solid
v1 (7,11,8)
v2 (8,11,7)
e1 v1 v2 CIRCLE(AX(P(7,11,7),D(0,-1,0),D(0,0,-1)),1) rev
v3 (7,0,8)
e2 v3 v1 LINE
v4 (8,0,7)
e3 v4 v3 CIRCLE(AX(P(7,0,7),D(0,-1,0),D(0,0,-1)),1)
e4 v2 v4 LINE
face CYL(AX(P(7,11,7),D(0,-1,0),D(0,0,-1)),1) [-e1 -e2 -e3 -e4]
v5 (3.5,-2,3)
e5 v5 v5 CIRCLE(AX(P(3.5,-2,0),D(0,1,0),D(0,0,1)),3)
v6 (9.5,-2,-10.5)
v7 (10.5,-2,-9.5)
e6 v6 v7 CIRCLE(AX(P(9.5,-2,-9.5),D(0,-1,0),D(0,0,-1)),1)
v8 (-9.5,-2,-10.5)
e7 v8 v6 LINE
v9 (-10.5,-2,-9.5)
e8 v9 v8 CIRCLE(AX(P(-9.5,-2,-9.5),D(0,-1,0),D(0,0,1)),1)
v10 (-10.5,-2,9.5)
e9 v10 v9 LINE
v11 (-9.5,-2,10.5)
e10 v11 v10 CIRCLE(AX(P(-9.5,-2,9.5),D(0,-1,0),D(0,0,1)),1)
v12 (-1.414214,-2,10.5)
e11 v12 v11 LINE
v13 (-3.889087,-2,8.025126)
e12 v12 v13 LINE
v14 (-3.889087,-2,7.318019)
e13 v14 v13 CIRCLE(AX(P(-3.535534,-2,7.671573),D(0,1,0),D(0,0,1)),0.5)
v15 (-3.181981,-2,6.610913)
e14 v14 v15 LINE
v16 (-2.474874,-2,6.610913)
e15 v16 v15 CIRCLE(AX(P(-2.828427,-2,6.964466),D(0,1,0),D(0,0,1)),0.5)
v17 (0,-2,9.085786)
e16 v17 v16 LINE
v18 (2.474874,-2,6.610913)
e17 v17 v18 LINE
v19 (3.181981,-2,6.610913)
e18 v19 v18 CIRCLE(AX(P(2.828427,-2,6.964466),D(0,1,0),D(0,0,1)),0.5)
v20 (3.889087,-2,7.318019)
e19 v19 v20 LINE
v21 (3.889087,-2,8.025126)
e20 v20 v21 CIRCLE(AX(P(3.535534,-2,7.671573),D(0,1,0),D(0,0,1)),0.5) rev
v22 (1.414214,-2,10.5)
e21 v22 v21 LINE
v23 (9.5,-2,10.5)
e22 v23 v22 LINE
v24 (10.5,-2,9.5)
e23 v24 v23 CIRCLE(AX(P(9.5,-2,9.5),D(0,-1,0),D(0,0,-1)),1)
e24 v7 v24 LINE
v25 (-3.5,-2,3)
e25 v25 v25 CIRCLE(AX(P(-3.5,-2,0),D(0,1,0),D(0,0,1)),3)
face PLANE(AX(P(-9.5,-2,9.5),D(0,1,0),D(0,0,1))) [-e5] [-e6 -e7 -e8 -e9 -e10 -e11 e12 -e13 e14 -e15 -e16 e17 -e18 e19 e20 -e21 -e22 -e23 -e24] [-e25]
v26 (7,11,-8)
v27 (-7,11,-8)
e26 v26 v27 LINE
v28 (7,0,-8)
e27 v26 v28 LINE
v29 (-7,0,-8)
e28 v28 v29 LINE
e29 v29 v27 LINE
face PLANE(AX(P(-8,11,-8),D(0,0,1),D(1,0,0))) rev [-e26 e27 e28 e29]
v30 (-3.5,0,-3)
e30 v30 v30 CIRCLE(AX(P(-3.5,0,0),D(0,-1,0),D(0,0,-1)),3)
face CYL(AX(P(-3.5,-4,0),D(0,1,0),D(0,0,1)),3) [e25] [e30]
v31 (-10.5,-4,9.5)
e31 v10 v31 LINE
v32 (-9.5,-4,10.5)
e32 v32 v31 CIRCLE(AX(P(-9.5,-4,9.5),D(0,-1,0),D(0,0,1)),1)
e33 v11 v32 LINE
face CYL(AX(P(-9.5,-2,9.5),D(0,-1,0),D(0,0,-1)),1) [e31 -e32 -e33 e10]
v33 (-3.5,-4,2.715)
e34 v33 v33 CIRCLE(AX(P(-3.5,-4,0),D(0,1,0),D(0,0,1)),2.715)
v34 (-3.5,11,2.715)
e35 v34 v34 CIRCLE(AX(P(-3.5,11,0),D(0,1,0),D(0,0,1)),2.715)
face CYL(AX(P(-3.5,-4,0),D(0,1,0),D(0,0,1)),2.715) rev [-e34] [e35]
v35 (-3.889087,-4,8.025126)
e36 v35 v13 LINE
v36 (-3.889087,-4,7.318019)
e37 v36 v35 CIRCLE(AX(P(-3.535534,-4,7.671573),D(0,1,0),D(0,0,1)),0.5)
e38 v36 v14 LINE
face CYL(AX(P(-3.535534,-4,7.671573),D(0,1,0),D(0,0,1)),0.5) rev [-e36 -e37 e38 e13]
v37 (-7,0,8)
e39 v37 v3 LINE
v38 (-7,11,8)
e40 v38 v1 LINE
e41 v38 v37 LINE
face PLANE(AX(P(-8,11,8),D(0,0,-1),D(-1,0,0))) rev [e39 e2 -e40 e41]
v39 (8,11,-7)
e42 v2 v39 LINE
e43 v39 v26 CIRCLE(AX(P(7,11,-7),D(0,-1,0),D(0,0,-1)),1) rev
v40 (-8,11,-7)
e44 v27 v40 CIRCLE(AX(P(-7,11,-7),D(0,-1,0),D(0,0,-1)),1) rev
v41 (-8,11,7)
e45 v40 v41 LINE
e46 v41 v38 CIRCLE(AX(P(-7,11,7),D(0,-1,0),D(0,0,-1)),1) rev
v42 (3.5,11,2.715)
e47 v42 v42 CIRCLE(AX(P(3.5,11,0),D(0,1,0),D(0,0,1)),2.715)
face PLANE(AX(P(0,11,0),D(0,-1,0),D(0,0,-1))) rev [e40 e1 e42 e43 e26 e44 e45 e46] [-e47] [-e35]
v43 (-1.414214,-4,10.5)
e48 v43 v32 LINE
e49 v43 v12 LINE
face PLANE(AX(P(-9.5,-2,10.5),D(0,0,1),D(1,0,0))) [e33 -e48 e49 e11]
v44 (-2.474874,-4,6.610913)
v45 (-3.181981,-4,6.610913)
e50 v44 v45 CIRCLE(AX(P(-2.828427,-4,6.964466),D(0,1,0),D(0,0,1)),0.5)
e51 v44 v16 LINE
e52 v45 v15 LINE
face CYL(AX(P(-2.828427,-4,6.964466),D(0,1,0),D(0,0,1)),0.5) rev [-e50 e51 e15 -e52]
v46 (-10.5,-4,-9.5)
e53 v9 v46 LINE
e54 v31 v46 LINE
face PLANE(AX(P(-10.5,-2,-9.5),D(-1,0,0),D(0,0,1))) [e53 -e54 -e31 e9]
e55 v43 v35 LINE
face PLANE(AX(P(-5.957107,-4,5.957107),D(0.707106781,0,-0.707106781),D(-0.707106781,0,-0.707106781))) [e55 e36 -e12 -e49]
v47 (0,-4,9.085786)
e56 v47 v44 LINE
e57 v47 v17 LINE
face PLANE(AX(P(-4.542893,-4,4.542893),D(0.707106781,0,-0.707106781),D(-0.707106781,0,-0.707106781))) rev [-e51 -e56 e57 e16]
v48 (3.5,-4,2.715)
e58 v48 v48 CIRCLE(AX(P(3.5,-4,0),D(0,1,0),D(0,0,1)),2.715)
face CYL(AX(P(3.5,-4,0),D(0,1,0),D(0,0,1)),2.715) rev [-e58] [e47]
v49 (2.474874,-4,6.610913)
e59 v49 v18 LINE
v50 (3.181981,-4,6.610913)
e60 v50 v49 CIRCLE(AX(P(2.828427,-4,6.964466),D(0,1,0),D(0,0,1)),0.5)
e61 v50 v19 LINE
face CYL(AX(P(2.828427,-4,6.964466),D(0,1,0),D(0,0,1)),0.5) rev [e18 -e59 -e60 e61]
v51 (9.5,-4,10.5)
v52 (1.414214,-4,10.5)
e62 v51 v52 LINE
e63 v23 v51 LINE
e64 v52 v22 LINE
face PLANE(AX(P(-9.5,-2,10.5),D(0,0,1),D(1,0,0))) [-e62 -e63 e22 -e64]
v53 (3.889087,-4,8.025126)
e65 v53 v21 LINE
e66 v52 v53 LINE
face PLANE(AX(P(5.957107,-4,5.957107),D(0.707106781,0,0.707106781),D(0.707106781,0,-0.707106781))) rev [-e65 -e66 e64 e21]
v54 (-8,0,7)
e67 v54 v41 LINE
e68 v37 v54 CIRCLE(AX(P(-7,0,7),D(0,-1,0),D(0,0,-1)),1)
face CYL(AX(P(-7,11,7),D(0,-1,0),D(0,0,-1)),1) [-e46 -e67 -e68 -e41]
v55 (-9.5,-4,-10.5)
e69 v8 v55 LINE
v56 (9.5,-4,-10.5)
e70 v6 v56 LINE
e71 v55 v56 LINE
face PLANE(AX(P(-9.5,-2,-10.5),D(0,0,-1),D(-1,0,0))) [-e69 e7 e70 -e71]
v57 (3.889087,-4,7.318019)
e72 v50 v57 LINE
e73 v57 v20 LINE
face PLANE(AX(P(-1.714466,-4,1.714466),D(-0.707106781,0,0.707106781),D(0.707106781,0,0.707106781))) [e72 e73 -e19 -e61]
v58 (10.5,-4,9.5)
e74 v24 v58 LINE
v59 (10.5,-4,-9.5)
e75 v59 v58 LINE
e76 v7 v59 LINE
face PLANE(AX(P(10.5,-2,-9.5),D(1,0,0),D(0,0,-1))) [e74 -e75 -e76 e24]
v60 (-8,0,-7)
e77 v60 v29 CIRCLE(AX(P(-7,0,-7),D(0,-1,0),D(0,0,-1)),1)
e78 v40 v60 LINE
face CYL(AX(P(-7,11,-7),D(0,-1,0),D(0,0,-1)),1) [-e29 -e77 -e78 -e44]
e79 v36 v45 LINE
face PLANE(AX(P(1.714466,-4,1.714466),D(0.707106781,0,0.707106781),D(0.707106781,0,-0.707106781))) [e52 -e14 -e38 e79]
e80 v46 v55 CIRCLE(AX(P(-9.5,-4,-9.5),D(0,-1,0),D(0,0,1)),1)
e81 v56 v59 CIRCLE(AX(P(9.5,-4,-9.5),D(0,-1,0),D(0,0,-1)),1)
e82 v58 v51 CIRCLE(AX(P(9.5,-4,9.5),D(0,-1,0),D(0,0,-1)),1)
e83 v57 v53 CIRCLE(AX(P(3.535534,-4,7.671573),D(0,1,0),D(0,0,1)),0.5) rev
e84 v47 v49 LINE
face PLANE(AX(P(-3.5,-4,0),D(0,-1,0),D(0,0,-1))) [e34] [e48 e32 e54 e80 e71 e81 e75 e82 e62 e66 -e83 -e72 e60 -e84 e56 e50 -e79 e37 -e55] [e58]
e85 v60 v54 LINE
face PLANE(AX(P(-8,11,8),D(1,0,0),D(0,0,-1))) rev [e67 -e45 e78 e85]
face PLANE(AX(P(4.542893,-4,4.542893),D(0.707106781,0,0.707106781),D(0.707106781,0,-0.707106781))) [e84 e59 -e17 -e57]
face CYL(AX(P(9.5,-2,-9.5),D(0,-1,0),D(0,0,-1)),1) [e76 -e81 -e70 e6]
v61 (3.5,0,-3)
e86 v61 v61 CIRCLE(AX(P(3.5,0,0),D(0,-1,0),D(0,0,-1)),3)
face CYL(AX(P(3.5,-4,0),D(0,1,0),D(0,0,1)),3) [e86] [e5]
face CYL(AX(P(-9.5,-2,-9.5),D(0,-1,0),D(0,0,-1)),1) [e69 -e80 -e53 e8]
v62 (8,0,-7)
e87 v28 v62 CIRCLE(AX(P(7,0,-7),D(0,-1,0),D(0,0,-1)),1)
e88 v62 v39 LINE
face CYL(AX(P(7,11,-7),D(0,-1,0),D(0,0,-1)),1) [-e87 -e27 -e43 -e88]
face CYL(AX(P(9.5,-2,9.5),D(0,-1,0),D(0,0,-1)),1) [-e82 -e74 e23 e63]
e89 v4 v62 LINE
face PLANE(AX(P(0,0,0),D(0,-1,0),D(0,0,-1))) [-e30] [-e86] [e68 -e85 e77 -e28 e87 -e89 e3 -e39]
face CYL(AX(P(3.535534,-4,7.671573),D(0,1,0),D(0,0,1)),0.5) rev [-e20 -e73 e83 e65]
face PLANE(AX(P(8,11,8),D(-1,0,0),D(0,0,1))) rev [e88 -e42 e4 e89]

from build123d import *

# Parameters (mm, degrees)
SKETCH1_W           = 16
SKETCH1_H           = 16
BOSS_EXTRUDE1_DEPTH = 11
FILLET1_R           = 1
SKETCH4_R           = 3
BOSS_EXTRUDE2_DEPTH = 4
BOSS_EXTRUDE3_DEPTH = 2
SKETCH3_R           = 2.715
CUT_EXTRUDE2_DEPTH  = 22.106870919
CUT_EXTRUDE3_DEPTH  = 20.735754356


with BuildPart() as part:
    # Sketch1 → Boss-Extrude1 (new body)
    with BuildSketch(Plane(origin=(0, 0, 0), x_dir=(1, 0, 0), z_dir=(0, 1, 0))):
        Rectangle(SKETCH1_W, SKETCH1_H)
    extrude(amount=BOSS_EXTRUDE1_DEPTH)

    # Fillet1
    fillet1_edges = [part.edges().sort_by_distance(p)[0] for p in [
        (8, 5.5, 8),
        (-8, 5.5, 8),
        (-8, 5.5, -8),
        (8, 5.5, -8),
    ]]
    fillet(fillet1_edges, radius=FILLET1_R)

    # Sketch4 → Boss-Extrude2 (add)
    with BuildSketch(Plane(origin=(0, 0, 0), x_dir=(-1, 0, 0), z_dir=(0, -1, 0))):
        with Locations(Location((3.5, 0, 0), (0, 0, 90))):
            Circle(SKETCH4_R)
        with Locations(Location((-3.5, 0, 0), (0, 0, 90))):
            Circle(SKETCH4_R)
    extrude(amount=BOSS_EXTRUDE2_DEPTH)

    # Sketch5 → Boss-Extrude3 (add)
    with BuildSketch(Plane(origin=(0, -4, 0), x_dir=(-1, 0, 0), z_dir=(0, -1, 0))):
        with BuildLine():
            Line((9.5, 10.5), (-9.5, 10.5))
            ThreePointArc((-9.5, 10.5), (-10.207106781, 10.207106781), (-10.5, 9.5))
            Line((-10.5, 9.5), (-10.5, -9.5))
            ThreePointArc((-10.5, -9.5), (-10.207106781, -10.207106781), (-9.5, -10.5))
            Line((-9.5, -10.5), (9.5, -10.5))
            ThreePointArc((9.5, -10.5), (10.207106781, -10.207106781), (10.5, -9.5))
            Line((10.5, -9.5), (10.5, 9.5))
            ThreePointArc((10.5, 9.5), (10.207106781, 10.207106781), (9.5, 10.5))
        make_face()
    extrude(amount=-BOSS_EXTRUDE3_DEPTH)

    # Sketch3 → Cut-Extrude2 (cut, through all)
    with BuildSketch(Plane(origin=(0, 11, 0), x_dir=(1, 0, 0), z_dir=(0, 1, 0))):
        with Locations(Location((-3.5, 0, 0), (0, 0, 270))):
            Circle(SKETCH3_R)
        with Locations(Location((3.5, 0, 0), (0, 0, 270))):
            Circle(SKETCH3_R)
    extrude(amount=-CUT_EXTRUDE2_DEPTH, mode=Mode.SUBTRACT)

    # Sketch7 → Cut-Extrude3 (cut, through all)
    with BuildSketch(Plane(origin=(0, -2, 0), x_dir=(1, 0, 0), z_dir=(0, 1, 0))):
        with BuildLine():
            Line((0, -9.085786438), (1.414213562, -10.5))
            Line((1.414213562, -10.5), (3.889087297, -8.025126266))
            ThreePointArc((3.889087297, -8.025126266), (4.035533906, -7.671572875), (3.889087297, -7.318019485))
            Line((3.889087297, -7.318019485), (3.181980515, -6.610912703))
            ThreePointArc((3.181980515, -6.610912703), (2.828427125, -6.464466094), (2.474873734, -6.610912703))
            Line((2.474873734, -6.610912703), (0, -9.085786438))
        make_face()
        with BuildLine():
            Line((-3.889087297, -8.025126266), (-1.414213562, -10.5))
            Line((-1.414213562, -10.5), (0, -9.085786438))
            Line((0, -9.085786438), (-2.474873734, -6.610912703))
            ThreePointArc((-2.474873734, -6.610912703), (-2.828427125, -6.464466094), (-3.181980515, -6.610912703))
            Line((-3.181980515, -6.610912703), (-3.889087297, -7.318019485))
            ThreePointArc((-3.889087297, -7.318019485), (-4.035533906, -7.671572875), (-3.889087297, -8.025126266))
        make_face()
        Polygon((-1.414213562, -10.5), (1.414213562, -10.5), (0, -9.085786438), align=None)
    extrude(amount=-CUT_EXTRUDE3_DEPTH, mode=Mode.SUBTRACT)


solid = part.part
